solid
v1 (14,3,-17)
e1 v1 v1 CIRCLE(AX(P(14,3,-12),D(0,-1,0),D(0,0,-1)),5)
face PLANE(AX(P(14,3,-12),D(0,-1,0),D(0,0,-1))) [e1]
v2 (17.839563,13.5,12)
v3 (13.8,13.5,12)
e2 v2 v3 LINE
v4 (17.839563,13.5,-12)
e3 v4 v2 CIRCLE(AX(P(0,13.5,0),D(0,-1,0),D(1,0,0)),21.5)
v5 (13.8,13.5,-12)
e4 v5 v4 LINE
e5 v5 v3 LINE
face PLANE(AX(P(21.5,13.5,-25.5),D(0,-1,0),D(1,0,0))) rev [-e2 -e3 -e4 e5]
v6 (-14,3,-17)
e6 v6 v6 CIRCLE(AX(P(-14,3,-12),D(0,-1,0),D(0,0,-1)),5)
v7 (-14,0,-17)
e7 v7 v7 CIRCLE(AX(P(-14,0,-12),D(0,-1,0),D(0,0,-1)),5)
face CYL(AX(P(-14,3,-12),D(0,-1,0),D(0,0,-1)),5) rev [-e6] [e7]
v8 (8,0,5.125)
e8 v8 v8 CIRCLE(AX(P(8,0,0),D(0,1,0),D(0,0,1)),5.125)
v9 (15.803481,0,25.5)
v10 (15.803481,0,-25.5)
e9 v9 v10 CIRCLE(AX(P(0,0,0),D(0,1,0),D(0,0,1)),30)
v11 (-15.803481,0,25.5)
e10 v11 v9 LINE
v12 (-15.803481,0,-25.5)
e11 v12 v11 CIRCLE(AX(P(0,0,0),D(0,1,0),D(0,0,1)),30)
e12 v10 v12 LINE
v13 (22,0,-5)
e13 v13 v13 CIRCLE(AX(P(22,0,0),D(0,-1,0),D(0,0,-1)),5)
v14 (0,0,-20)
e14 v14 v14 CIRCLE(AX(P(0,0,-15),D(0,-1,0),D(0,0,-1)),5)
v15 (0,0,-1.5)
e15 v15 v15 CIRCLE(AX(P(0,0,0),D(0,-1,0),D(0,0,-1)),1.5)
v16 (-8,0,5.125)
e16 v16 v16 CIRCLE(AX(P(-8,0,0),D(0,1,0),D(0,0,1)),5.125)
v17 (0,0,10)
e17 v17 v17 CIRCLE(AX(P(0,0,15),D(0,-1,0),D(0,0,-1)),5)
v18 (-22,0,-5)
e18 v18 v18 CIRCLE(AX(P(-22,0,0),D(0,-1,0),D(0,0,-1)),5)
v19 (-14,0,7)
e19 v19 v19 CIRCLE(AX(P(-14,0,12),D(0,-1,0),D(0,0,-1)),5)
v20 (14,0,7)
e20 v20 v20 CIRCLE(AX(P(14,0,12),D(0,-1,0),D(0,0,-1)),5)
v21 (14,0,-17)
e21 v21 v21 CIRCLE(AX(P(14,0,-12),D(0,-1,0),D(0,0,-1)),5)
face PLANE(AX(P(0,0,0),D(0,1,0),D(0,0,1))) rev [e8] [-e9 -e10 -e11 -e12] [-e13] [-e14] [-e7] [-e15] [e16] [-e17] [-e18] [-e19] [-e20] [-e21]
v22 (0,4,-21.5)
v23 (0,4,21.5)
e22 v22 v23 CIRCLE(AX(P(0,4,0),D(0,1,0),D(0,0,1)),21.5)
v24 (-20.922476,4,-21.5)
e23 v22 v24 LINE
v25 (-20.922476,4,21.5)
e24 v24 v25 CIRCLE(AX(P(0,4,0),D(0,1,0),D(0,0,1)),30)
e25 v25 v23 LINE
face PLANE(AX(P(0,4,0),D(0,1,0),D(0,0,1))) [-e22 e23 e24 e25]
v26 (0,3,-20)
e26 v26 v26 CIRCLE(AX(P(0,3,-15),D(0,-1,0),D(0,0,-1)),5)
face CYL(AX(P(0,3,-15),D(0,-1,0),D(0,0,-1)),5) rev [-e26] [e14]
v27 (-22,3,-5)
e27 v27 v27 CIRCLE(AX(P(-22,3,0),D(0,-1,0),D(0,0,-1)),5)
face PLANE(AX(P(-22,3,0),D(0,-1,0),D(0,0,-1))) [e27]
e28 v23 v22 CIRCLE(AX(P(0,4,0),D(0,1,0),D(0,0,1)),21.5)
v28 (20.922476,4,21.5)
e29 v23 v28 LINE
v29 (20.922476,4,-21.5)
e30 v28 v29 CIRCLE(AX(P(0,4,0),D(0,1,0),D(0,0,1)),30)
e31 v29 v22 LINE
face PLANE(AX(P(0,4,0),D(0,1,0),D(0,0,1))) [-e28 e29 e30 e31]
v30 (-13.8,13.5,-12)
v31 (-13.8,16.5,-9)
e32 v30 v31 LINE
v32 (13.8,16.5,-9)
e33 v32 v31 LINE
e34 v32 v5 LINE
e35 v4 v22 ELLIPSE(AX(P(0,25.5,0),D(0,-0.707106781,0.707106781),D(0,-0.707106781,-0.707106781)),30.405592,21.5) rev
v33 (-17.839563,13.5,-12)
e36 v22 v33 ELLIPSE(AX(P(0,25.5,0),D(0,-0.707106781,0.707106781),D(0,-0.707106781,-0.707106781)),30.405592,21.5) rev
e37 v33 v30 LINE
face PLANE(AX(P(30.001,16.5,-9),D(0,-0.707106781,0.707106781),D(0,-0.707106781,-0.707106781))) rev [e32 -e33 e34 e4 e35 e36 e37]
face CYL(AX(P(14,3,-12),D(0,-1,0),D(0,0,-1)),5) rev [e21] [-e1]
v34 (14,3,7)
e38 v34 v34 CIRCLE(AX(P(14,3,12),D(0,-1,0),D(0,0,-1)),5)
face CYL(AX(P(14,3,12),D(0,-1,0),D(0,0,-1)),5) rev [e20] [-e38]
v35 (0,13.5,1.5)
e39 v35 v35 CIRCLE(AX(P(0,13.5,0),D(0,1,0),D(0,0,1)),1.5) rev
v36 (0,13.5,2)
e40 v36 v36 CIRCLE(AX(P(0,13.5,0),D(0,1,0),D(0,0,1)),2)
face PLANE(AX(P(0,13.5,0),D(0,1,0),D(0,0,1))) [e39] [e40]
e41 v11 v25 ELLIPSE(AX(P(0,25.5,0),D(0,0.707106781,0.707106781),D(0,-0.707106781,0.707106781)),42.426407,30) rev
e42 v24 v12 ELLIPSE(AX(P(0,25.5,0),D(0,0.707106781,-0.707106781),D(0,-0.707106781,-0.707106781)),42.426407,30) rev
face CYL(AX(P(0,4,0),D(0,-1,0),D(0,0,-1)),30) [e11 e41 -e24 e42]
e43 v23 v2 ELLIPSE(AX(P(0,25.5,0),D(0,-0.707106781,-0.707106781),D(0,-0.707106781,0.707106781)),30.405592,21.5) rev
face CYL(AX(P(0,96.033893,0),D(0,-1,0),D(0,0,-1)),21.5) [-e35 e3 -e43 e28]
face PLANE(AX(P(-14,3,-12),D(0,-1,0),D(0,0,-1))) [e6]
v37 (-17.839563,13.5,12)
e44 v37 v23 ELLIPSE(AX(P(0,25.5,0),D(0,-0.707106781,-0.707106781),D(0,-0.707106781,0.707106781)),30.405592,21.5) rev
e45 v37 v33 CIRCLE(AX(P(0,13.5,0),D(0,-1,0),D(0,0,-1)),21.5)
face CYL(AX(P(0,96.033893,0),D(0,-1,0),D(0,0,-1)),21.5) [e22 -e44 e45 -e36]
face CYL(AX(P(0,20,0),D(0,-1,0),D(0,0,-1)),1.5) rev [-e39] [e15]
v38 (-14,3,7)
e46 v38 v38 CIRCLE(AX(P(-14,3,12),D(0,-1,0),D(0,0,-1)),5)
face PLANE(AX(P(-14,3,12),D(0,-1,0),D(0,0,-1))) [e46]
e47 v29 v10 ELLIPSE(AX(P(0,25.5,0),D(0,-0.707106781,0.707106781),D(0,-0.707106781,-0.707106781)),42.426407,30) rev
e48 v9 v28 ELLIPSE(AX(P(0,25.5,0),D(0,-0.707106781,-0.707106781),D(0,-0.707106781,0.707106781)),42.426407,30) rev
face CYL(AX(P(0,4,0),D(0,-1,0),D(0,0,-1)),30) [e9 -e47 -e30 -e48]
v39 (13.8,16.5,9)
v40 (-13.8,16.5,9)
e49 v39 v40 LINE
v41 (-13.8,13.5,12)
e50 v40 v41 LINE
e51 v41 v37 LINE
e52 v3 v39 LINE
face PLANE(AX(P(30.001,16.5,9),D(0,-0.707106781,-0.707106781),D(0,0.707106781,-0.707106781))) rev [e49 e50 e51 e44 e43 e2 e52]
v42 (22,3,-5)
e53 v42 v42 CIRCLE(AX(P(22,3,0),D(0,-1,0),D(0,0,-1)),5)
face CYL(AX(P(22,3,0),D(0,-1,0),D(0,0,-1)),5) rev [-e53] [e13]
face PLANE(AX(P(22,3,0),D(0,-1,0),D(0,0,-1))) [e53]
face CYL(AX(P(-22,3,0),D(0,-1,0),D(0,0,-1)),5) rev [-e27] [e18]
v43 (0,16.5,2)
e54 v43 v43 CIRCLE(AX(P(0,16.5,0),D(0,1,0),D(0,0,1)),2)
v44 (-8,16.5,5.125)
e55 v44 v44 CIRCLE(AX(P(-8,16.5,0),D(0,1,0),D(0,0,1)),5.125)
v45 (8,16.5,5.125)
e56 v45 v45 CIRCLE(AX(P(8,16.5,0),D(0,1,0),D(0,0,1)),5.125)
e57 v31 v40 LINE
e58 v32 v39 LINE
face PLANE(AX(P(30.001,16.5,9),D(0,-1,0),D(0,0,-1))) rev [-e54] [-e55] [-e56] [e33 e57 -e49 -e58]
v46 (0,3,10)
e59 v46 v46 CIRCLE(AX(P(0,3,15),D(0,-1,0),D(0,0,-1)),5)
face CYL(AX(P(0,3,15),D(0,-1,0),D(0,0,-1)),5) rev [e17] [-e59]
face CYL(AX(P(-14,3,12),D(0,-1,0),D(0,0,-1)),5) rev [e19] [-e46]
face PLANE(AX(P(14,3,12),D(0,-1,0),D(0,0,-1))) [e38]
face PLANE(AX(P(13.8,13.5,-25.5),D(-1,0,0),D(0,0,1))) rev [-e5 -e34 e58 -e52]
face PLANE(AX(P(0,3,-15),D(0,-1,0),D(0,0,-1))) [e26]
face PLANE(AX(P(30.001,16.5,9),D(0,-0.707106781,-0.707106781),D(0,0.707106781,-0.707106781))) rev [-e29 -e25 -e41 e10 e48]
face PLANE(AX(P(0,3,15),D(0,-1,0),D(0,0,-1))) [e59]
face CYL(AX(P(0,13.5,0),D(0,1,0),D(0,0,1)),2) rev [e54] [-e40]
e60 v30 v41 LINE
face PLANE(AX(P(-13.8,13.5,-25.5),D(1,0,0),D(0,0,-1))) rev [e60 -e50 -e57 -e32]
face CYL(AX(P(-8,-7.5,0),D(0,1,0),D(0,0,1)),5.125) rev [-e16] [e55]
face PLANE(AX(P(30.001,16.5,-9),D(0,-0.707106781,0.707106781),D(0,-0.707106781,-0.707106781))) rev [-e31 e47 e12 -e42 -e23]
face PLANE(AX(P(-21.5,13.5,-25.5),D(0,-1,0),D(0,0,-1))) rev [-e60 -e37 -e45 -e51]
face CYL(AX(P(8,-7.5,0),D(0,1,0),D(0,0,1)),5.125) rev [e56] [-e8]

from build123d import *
from build123d.topology import SkipClean

# Parameters (mm, degrees)
SKETCH1_R                            = 30
BOSS_EXTRUDE1_DEPTH                  = 4
BOSS_EXTRUDE2_REACH                  = 44.615
BOSS_EXTRUDE2_END_RADIUS             = 30
BOSS_EXTRUDE2_DIRECTION_2_REACH      = 44.615
BOSS_EXTRUDE2_DIRECTION_2_END_RADIUS = 30
SKETCH3_OUTSIDE_W                    = 78.092
SKETCH3_OUTSIDE_H                    = 69.092
SKETCH3_OUTSIDE_R                    = 21.5
CUT_EXTRUDE2_DEPTH                   = 12.5
BOSS_EXTRUDE3_DEPTH                  = 18
BOSS_EXTRUDE4_DEPTH                  = 15
BOSS_EXTRUDE5_DEPTH                  = 15
CUT_EXTRUDE3_DEPTH                   = 44.292609069
CUT_EXTRUDE3_DEPTH_BACK              = 44.292609069
SKETCH8_R                            = 2
CUT_EXTRUDE8_DEPTH                   = 48.077064479
CUT_EXTRUDE8_DEPTH_BACK              = 48.077064479
CUT_EXTRUDE9_DEPTH                   = 59.659818207
CUT_EXTRUDE11_DEPTH                  = 20
CUT_EXTRUDE12_DEPTH                  = 20
CUT_EXTRUDE13_DEPTH                  = 20
CUT_EXTRUDE14_DEPTH                  = 44.292609069
CUT_EXTRUDE14_DEPTH_BACK             = 44.292609069
SKETCH25_W                           = 66.075437062
SKETCH25_H                           = 20.142243048
SKETCH26_R                           = 5.125
CUT_EXTRUDE15_DEPTH                  = 24
CUT_EXTRUDE17_DEPTH                  = 47.524187258
CUT_EXTRUDE17_DEPTH_BACK             = 47.524187258
SKETCH29_W                           = 7.7
SKETCH29_H                           = 3
CUT_EXTRUDE18_DEPTH                  = 47.524187258
CUT_EXTRUDE18_DEPTH_BACK             = 47.524187258
SKETCH31_W                           = 7.7
SKETCH31_H                           = 3
SKETCH34_R                           = 1.5
CUT_EXTRUDE21_DEPTH                  = 20
SKETCH35_R                           = 2
CUT_EXTRUDE22_DEPTH                  = 3
SKETCH37_R                           = 5
CUT_EXTRUDE23_DEPTH                  = 3


with BuildPart() as part:
    # Sketch1 → Boss-Extrude1 (new body)
    with BuildSketch(Plane(origin=(0, 0, 0), x_dir=(1, 0, 0), z_dir=(0, 1, 0))):
        with Locations(Location((0, 0, 0), (0, 0, 270))):
            Circle(SKETCH1_R)
    extrude(amount=BOSS_EXTRUDE1_DEPTH)

    # Boss-Extrude2: up to this cylinder (the profile starts inside it)
    with SkipClean():  # the faces are left unmerged after this step: merging them gives an invalid solid
        boss_extrude2_end = Plane(origin=(0, 9.396175, 0), z_dir=(0, -1, 0)) * Cylinder(BOSS_EXTRUDE2_END_RADIUS, 150.23, mode=Mode.PRIVATE)
        # Sketch2 → Boss-Extrude2 (add, up to the surface)
        with BuildSketch(Plane(origin=(0, 0, 0), x_dir=(0, 0, -1), z_dir=(1, 0, 0)), mode=Mode.PRIVATE) as boss_extrude2_sk1:
            Polygon((0, 4), (21.5, 4), (9, 16.5), (-9, 16.5), (-21.5, 4), align=None)
        boss_extrude2_tool1 = extrude(boss_extrude2_sk1.sketch, amount=BOSS_EXTRUDE2_REACH, mode=Mode.PRIVATE) & boss_extrude2_end
        add(boss_extrude2_tool1.solids().sort_by_distance((0, 9.396175, 0))[0])

    # Boss-Extrude2 direction 2: up to this cylinder (the profile starts inside it)
    with SkipClean():  # the faces are left unmerged after this step: merging them gives an invalid solid
        boss_extrude2_direction_2_end = Plane(origin=(0, 9.396175, 0), z_dir=(0, -1, 0)) * Cylinder(BOSS_EXTRUDE2_DIRECTION_2_END_RADIUS, 150.23, mode=Mode.PRIVATE)
        # Sketch2 → Boss-Extrude2 direction 2 (add, up to the surface)
        with BuildSketch(Plane(origin=(0, 0, 0), x_dir=(0, 0, -1), z_dir=(1, 0, 0)), mode=Mode.PRIVATE) as boss_extrude2_direction_2_sk1:
            Polygon((0, 4), (21.5, 4), (9, 16.5), (-9, 16.5), (-21.5, 4), align=None)
        boss_extrude2_direction_2_tool1 = extrude(boss_extrude2_direction_2_sk1.sketch, amount=-BOSS_EXTRUDE2_DIRECTION_2_REACH, mode=Mode.PRIVATE) & boss_extrude2_direction_2_end
        add(boss_extrude2_direction_2_tool1.solids().sort_by_distance((0, 9.396175, 0))[0])

    # SurfaceCut1
    split(bisect_by=Plane(origin=(0, 12.75, -12.75), x_dir=(1, 0, 0), z_dir=(0, 0.7071067811865558, -0.7071067811865392)), keep=Keep.BOTTOM)

    # SurfaceCut2
    split(bisect_by=Plane(origin=(0, 12.75, 12.75), x_dir=(1, 0, 0), z_dir=(0, 0.7071067811865509, 0.7071067811865442)), keep=Keep.BOTTOM)

    # Sketch3 outside → Cut-Extrude2 (cut)
    with BuildSketch(Plane(origin=(0, 4, 0), x_dir=(1, 0, 0), z_dir=(0, 1, 0))):
        Rectangle(SKETCH3_OUTSIDE_W, SKETCH3_OUTSIDE_H)
        Circle(SKETCH3_OUTSIDE_R, mode=Mode.SUBTRACT)
    extrude(amount=CUT_EXTRUDE2_DEPTH, mode=Mode.SUBTRACT)

    # Sketch5 → Boss-Extrude3 (add)
    with BuildSketch(Plane(origin=(0, 0, 0), x_dir=(-1, 0, 0), z_dir=(0, -1, 0))):
        Polygon((0, -6), (-17.5, -6), (-17.5, 6), (17.5, 6), (17.5, -6), align=None)
    extrude(amount=BOSS_EXTRUDE3_DEPTH)

    # Sketch6 → Boss-Extrude4 (add)
    with BuildSketch(Plane.XZ):
        Polygon((0, 15), (7, 15), (7, 6), (-7, 6), (-7, 15), align=None)
    extrude(amount=BOSS_EXTRUDE4_DEPTH)

    # Sketch7 → Boss-Extrude5 (add)
    with BuildSketch(Plane.XZ):
        Polygon((0, -15), (7, -15), (7, -6), (-7, -6), (-7, -15), align=None)
    extrude(amount=BOSS_EXTRUDE5_DEPTH)

    # Sketch8 → Cut-Extrude3 (cut, two sides: drawn at the far end of the back side and taken through both)
    with BuildSketch(Plane.XY.offset(-CUT_EXTRUDE3_DEPTH_BACK)):
        with Locations((-12.5, -12.5)):
            Circle(SKETCH8_R)
        with Locations((12.5, -12.5)):
            Circle(SKETCH8_R)
    extrude(amount=CUT_EXTRUDE3_DEPTH + CUT_EXTRUDE3_DEPTH_BACK, mode=Mode.SUBTRACT)

    # Sketch16 → Cut-Extrude8 (cut, two sides: drawn at the far end of the back side and taken through both)
    with BuildSketch(Plane.XY.offset(6).offset(-CUT_EXTRUDE8_DEPTH_BACK)):
        Polygon((17.5, -18), (17.5, -14.5), (14, -18), align=None)
        Polygon((-17.5, -18), (-14, -18), (-17.5, -14.5), align=None)
    extrude(amount=CUT_EXTRUDE8_DEPTH + CUT_EXTRUDE8_DEPTH_BACK, mode=Mode.SUBTRACT)

    # Sketch17 → Cut-Extrude9 (cut, through all)
    with BuildSketch(Plane(origin=(10.365975269, -9.674910251, -8.062425209), x_dir=(-0.3613483622370374, 0.337258471421235, -0.8693009171531012), z_dir=(0.6355070151731325, -0.5931398808282571, -0.49428323402354774))):
        Polygon((-2.372510104, -6.189601271), (7.980636686, -0.706686759), (7.980636686, -10.965829024), align=None)
    extrude(amount=CUT_EXTRUDE9_DEPTH, mode=Mode.SUBTRACT)

    # Sketch19 → Cut-Extrude11 (cut)
    with BuildSketch(Plane(origin=(-10.365975269, -9.674910251, -8.062425209), x_dir=(0.3613483622370374, 0.33725847142123494, -0.8693009171531012), z_dir=(0.6355070151731324, 0.5931398808282571, 0.4942832340235476))):
        Polygon((-2.372510104, -6.189601271), (7.980636686, -10.965829024), (7.980636686, -0.706686759), align=None)
    extrude(amount=-CUT_EXTRUDE11_DEPTH, mode=Mode.SUBTRACT)

    # Sketch20 → Cut-Extrude12 (cut)
    with BuildSketch(Plane(origin=(-10.365975269, -9.674910251, 8.062425209), x_dir=(-0.3613483622370374, -0.3372584714212349, -0.8693009171531013), z_dir=(0.6355070151731326, 0.593139880828257, -0.49428323402354757))):
        Polygon((2.372510104, -6.189601271), (-7.980636686, -0.706686759), (-7.980636686, -10.965829024), align=None)
    extrude(amount=-CUT_EXTRUDE12_DEPTH, mode=Mode.SUBTRACT)

    # Sketch21 → Cut-Extrude13 (cut)
    with BuildSketch(Plane(origin=(10.365975269, -9.674910251, 8.062425209), x_dir=(-0.3613483622370374, 0.3372584714212349, 0.8693009171531013), z_dir=(-0.6355070151731326, 0.593139880828257, -0.49428323402354757))):
        Polygon((-2.372510104, -6.189601271), (7.980636686, -0.706686759), (7.980636686, -10.965829024), align=None)
    extrude(amount=-CUT_EXTRUDE13_DEPTH, mode=Mode.SUBTRACT)

    # Sketch25 → Cut-Extrude14 (cut, two sides: drawn at the far end of the back side and taken through both)
    with BuildSketch(Plane.XY.offset(-CUT_EXTRUDE14_DEPTH_BACK)):
        with Locations((0, -10.071121524)):
            Rectangle(SKETCH25_W, SKETCH25_H)
    extrude(amount=CUT_EXTRUDE14_DEPTH + CUT_EXTRUDE14_DEPTH_BACK, mode=Mode.SUBTRACT)

    # Sketch26 → Cut-Extrude15 (cut)
    with BuildSketch(Plane(origin=(0, 16.5, 0), x_dir=(1, 0, 0), z_dir=(0, 1, 0))):
        with Locations(Location((-8, 0, 0), (0, 0, 270))):
            Circle(SKETCH26_R)
        with Locations(Location((8, 0, 0), (0, 0, 270))):
            Circle(SKETCH26_R)
    extrude(amount=-CUT_EXTRUDE15_DEPTH, mode=Mode.SUBTRACT)

    # Sketch29 → Cut-Extrude17 (cut, two sides: drawn at the far end of the back side and taken through both)
    with BuildSketch(Plane.XY.offset(6).offset(-CUT_EXTRUDE17_DEPTH_BACK)):
        with Locations((17.65, 15)):
            Rectangle(SKETCH29_W, SKETCH29_H)
    extrude(amount=CUT_EXTRUDE17_DEPTH + CUT_EXTRUDE17_DEPTH_BACK, mode=Mode.SUBTRACT)

    # Sketch31 → Cut-Extrude18 (cut, two sides: drawn at the far end of the back side and taken through both)
    with BuildSketch(Plane.XY.offset(6).offset(-CUT_EXTRUDE18_DEPTH_BACK)):
        with Locations((-17.65, 15)):
            Rectangle(SKETCH31_W, SKETCH31_H)
    extrude(amount=CUT_EXTRUDE18_DEPTH + CUT_EXTRUDE18_DEPTH_BACK, mode=Mode.SUBTRACT)

    # Sketch34 → Cut-Extrude21 (cut)
    with BuildSketch(Plane.XZ):
        with Locations(Location((0, 0, 0), (0, 0, 270))):
            Circle(SKETCH34_R)
    extrude(amount=-CUT_EXTRUDE21_DEPTH, mode=Mode.SUBTRACT)

    # Sketch35 → Cut-Extrude22 (cut)
    with BuildSketch(Plane(origin=(0, 16.5, 0), x_dir=(1, 0, 0), z_dir=(0, 1, 0))):
        with Locations(Location((0, 0, 0), (0, 0, 270))):
            Circle(SKETCH35_R)
    extrude(amount=-CUT_EXTRUDE22_DEPTH, mode=Mode.SUBTRACT)

    # Sketch37 → Cut-Extrude23 (cut)
    with BuildSketch(Plane.XZ):
        with Locations(Location((0, -15, 0), (0, 0, 270))):
            Circle(SKETCH37_R)
        with Locations(Location((0, 15, 0), (0, 0, 270))):
            Circle(SKETCH37_R)
        with Locations(Location((-22, 0, 0), (0, 0, 270))):
            Circle(SKETCH37_R)
        with Locations(Location((22, 0, 0), (0, 0, 270))):
            Circle(SKETCH37_R)
        with Locations(Location((-14, 12, 0), (0, 0, 270))):
            Circle(SKETCH37_R)
        with Locations(Location((14, 12, 0), (0, 0, 270))):
            Circle(SKETCH37_R)
        with Locations(Location((-14, -12, 0), (0, 0, 270))):
            Circle(SKETCH37_R)
        with Locations(Location((14, -12, 0), (0, 0, 270))):
            Circle(SKETCH37_R)
    extrude(amount=-CUT_EXTRUDE23_DEPTH, mode=Mode.SUBTRACT)


solid = part.part
